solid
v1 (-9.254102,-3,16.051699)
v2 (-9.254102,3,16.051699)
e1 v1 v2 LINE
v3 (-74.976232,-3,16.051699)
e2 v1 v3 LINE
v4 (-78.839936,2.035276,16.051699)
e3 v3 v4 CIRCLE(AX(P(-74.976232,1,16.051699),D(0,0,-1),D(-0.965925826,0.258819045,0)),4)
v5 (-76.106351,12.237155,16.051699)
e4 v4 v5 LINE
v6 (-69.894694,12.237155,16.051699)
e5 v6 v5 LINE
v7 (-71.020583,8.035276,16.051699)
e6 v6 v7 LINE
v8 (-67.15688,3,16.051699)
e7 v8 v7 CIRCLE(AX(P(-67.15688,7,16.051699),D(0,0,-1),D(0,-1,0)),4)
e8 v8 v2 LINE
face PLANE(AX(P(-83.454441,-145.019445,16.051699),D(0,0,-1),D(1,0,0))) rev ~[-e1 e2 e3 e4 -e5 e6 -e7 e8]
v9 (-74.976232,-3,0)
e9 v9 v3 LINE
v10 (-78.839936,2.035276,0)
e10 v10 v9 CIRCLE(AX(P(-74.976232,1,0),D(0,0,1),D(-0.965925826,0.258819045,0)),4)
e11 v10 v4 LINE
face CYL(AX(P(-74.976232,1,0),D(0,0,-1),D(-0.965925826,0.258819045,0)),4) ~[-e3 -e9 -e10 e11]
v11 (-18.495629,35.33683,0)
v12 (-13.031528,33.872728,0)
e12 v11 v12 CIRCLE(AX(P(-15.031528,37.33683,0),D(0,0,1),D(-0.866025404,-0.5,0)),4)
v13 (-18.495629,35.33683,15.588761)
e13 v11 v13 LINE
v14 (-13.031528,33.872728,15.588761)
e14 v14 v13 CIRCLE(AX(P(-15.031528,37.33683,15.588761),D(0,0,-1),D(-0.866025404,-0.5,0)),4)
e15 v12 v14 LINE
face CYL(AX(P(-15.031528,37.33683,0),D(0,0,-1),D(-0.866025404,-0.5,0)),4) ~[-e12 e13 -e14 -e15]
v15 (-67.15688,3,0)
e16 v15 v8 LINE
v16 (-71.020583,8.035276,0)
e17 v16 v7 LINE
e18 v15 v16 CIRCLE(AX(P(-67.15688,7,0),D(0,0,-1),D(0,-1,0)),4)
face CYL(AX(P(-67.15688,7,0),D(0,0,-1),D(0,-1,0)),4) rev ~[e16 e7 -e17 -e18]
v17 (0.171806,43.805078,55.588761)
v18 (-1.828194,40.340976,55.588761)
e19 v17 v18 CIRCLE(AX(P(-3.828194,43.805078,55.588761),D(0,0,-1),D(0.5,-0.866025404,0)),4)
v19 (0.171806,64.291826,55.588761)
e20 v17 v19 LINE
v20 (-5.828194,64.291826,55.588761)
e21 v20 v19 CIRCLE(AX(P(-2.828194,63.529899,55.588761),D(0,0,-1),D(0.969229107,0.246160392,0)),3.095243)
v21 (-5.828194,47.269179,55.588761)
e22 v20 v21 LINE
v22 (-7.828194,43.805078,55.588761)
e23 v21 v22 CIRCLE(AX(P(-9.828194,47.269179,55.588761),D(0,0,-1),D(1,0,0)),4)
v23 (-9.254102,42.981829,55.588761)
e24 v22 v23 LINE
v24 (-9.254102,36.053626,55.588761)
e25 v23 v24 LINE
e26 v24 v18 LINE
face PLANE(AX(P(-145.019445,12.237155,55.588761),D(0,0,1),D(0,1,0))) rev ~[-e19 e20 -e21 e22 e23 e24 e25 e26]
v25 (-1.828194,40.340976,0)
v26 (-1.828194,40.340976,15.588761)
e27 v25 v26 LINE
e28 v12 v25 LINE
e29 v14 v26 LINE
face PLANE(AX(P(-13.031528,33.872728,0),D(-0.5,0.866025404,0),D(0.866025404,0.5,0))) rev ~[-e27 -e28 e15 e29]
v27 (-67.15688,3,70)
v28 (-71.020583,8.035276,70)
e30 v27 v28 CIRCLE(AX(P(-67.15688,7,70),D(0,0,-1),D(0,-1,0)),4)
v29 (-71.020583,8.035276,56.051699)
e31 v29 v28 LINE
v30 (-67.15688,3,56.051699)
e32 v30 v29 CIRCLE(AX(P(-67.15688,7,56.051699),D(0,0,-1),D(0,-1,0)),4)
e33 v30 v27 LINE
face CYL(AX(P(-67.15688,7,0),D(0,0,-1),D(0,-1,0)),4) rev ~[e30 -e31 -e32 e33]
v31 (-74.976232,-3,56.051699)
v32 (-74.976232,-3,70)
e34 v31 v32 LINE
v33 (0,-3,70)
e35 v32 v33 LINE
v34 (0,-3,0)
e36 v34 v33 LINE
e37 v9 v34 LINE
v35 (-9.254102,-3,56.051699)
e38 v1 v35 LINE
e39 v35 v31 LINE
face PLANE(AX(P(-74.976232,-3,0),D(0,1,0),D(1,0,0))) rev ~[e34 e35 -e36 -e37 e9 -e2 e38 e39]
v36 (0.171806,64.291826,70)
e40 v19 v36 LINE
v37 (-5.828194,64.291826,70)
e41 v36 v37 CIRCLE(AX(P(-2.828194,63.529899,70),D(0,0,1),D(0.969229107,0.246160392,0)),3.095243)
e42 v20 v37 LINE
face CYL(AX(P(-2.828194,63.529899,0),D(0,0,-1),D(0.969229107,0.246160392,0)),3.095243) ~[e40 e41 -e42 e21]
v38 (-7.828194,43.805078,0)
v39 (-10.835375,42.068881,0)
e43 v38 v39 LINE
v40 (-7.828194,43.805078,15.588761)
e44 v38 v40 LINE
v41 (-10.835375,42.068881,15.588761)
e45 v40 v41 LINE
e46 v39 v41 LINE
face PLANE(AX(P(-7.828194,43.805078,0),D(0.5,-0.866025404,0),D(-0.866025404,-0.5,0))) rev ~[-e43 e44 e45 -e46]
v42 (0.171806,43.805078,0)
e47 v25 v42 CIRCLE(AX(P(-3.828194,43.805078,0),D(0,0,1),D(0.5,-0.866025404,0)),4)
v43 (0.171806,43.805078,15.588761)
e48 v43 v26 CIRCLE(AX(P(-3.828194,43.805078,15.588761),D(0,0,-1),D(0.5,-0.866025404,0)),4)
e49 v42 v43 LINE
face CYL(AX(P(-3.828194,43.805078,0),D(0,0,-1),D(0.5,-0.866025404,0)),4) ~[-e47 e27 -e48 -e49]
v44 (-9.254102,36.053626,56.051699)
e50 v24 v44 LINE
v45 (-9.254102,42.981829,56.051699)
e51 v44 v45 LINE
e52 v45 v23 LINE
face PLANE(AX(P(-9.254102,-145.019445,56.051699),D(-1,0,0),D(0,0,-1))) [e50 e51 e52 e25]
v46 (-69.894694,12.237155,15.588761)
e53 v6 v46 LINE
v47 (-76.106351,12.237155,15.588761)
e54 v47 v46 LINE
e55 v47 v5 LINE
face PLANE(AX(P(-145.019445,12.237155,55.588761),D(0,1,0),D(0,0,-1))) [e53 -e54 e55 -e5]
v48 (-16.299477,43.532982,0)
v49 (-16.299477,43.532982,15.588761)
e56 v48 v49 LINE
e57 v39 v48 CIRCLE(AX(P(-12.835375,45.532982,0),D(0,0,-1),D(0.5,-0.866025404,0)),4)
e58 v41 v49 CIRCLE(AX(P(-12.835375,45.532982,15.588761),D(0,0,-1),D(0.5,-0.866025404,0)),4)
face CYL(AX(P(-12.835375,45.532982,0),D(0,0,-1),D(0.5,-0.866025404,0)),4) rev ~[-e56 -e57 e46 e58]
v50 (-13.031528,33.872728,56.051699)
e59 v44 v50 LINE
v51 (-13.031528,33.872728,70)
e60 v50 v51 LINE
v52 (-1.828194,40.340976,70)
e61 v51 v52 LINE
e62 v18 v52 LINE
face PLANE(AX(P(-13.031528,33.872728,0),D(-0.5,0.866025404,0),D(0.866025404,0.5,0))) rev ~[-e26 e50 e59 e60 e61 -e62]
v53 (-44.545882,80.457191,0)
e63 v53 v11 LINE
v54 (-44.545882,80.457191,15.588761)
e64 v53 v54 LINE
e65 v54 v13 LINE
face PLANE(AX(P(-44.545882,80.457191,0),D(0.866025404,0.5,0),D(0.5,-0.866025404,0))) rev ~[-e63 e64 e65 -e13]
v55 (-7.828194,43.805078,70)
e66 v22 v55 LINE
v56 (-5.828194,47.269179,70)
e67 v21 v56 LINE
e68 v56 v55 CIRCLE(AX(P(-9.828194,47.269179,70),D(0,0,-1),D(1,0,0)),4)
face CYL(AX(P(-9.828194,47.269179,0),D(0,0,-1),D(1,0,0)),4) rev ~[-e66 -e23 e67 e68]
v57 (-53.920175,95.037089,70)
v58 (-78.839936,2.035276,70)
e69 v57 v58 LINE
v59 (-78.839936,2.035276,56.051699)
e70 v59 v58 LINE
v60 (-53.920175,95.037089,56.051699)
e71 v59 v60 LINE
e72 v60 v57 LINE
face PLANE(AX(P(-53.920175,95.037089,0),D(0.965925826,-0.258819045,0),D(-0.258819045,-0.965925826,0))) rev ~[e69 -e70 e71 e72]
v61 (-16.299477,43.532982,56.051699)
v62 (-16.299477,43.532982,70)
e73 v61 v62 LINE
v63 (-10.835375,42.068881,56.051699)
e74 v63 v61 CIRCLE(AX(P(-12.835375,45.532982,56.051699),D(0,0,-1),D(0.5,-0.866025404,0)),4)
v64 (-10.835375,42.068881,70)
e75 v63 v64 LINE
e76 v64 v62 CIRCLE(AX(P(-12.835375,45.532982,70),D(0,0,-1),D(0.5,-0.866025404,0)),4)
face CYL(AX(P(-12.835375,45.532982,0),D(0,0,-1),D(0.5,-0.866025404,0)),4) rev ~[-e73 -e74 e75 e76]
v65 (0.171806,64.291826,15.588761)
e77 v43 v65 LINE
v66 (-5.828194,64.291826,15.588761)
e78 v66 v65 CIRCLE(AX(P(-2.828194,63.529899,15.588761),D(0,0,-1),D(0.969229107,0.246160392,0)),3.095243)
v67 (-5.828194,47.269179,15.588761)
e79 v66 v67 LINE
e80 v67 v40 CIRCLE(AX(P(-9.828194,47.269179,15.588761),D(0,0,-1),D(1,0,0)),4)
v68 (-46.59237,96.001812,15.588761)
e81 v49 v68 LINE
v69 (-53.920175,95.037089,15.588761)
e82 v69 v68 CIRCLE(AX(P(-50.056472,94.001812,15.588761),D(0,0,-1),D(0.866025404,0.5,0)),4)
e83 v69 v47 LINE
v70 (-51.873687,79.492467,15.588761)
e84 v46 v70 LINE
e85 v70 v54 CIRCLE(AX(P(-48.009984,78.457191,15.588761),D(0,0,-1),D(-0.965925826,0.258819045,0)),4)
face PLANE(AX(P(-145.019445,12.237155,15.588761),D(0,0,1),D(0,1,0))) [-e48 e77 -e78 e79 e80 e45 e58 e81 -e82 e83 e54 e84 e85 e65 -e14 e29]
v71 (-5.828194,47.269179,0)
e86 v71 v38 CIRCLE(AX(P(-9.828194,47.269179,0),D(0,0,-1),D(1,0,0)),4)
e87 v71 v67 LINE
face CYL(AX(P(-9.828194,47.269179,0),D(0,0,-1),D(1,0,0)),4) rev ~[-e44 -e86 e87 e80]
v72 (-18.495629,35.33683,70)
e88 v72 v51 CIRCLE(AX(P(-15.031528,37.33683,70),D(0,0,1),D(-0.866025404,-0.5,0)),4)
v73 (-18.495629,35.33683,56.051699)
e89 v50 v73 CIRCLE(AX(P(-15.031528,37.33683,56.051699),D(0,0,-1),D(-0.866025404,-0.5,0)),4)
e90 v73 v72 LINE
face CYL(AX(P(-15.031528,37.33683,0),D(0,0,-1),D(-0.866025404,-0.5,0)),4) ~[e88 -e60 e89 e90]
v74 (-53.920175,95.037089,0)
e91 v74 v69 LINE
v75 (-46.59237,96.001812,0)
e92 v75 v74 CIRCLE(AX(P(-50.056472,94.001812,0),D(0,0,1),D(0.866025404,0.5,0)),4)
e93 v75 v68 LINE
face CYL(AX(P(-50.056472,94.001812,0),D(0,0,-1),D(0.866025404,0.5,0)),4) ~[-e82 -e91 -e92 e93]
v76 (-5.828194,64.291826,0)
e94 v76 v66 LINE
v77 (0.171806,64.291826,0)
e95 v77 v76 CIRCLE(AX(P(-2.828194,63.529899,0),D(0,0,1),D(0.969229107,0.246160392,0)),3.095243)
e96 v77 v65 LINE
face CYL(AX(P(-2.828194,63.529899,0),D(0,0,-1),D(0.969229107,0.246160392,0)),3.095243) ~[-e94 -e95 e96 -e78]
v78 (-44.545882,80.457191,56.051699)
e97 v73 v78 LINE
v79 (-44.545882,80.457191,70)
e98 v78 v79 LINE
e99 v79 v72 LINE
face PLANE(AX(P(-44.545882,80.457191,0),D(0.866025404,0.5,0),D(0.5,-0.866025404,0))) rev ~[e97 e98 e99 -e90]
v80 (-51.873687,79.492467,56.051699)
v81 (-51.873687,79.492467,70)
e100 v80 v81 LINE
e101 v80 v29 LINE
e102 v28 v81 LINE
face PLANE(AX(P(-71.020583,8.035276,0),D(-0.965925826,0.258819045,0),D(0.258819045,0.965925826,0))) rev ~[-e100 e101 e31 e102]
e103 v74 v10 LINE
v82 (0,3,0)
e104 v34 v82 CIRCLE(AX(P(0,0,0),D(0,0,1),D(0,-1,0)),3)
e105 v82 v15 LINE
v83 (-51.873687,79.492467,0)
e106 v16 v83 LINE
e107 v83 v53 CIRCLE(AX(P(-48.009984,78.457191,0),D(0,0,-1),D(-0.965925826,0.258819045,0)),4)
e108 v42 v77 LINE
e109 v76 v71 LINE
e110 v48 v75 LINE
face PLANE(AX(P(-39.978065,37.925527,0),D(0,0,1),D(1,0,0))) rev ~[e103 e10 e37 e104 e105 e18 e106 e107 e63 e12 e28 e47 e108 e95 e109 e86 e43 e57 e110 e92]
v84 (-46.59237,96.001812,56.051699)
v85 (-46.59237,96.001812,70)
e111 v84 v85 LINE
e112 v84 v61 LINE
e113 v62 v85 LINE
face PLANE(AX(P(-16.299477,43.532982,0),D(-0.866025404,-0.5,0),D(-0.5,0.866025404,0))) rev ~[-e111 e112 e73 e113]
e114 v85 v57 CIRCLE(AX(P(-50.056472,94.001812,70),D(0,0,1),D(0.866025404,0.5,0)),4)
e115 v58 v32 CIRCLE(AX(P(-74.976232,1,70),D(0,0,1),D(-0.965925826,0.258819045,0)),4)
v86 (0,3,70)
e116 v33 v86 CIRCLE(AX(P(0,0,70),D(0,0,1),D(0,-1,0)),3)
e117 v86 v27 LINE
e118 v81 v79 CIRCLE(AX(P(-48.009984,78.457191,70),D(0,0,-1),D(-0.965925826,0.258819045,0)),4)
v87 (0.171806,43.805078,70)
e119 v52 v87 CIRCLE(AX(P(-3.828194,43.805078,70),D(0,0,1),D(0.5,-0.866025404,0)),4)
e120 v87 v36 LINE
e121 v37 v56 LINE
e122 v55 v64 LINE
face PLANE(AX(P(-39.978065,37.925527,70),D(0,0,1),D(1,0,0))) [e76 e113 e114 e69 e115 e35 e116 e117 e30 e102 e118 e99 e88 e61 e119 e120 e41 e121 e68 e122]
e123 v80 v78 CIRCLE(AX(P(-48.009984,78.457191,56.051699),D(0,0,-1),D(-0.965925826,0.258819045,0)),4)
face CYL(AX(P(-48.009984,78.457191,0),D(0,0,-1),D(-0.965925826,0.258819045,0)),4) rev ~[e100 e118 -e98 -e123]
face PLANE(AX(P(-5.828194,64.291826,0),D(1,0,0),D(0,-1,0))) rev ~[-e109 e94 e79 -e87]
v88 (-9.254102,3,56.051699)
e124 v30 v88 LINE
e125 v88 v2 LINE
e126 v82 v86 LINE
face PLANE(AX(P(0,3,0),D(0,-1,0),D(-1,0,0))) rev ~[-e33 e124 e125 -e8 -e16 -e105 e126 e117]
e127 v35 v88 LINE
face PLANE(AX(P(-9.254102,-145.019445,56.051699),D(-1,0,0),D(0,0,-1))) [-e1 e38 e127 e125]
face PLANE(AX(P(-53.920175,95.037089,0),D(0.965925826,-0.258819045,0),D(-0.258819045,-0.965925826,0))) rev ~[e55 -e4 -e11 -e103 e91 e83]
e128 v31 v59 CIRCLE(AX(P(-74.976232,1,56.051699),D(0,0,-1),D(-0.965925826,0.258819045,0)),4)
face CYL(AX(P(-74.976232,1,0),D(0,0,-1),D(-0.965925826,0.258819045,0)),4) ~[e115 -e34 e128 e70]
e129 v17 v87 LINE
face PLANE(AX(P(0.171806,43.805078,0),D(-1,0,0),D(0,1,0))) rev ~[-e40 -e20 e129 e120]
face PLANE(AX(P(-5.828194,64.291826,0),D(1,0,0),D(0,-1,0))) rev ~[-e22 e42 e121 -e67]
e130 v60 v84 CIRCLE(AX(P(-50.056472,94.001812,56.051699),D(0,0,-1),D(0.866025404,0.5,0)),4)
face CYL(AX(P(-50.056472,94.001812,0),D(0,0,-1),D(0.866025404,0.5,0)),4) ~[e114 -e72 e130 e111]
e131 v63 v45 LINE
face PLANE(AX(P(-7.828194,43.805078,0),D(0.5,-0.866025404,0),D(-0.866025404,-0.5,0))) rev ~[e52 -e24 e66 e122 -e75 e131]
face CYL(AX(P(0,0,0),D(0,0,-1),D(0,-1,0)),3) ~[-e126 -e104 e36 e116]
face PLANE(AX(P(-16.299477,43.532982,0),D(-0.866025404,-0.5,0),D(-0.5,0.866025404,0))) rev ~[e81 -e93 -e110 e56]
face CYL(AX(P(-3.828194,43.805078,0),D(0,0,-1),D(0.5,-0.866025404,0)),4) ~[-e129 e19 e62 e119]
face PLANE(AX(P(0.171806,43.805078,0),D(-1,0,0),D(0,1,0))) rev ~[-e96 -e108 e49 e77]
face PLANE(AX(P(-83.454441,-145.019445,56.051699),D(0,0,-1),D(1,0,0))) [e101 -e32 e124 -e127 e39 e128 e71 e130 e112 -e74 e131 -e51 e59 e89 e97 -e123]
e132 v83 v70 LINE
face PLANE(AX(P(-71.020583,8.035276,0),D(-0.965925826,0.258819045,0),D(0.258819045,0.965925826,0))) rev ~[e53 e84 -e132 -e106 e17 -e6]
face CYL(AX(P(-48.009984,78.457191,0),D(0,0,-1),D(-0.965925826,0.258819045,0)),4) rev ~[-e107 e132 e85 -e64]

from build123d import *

# Parameters (mm, degrees)
BOSS_EXTRUDE1_DEPTH     = 70
CUT_EXTRUDE3_DEPTH      = 145.019444896
CUT_EXTRUDE3_DEPTH_BACK = 145.019444896
SKETCH2_W               = 40
SKETCH2_H               = 90
CUT_EXTRUDE4_DEPTH      = 145.019444896
CUT_EXTRUDE4_DEPTH_BACK = 145.019444896
SKETCH3_W               = 74.200339426
SKETCH3_H               = 40


with BuildPart() as part:
    # Sketch1 → Boss-Extrude1 (new body)
    with BuildSketch(Plane.XY):
        with BuildLine():
            Line((0, 3), (-67.156880159, 3))
            ThreePointArc((-67.156880159, 3), (-70.33029352, 4.564954284), (-71.020583464, 8.03527618))
            Line((-71.020583464, 8.03527618), (-51.873686922, 79.492466883))
            ThreePointArc((-51.873686922, 79.492466883), (-48.532088385, 82.422970148), (-44.545882001, 80.457190703))
            Line((-44.545882001, 80.457190703), (-18.49562947, 35.336829768))
            ThreePointArc((-18.49562947, 35.336829768), (-16.066804035, 33.473126463), (-13.031527854, 33.872728153))
            Line((-13.031527854, 33.872728153), (-1.828193725, 40.340976128))
            ThreePointArc((-1.828193725, 40.340976128), (-0.36409211, 41.805077743), (0.171806275, 43.805077743))
            Line((0.171806275, 43.805077743), (0.171806275, 64.29182561))
            ThreePointArc((0.171806275, 64.29182561), (-2.828193725, 66.625142685), (-5.828193725, 64.29182561))
            Line((-5.828193725, 64.29182561), (-5.828193725, 47.269179358))
            ThreePointArc((-5.828193725, 47.269179358), (-6.36409211, 45.269179358), (-7.828193725, 43.805077743))
            Line((-7.828193725, 43.805077743), (-10.835375432, 42.068880575))
            ThreePointArc((-10.835375432, 42.068880575), (-13.870651612, 41.669278885), (-16.299477047, 43.53298219))
            Line((-16.299477047, 43.53298219), (-46.592370266, 96.001812354))
            ThreePointArc((-46.592370266, 96.001812354), (-50.57857665, 97.967591799), (-53.920175186, 95.037088534))
            Line((-53.920175186, 95.037088534), (-78.839935701, 2.03527618))
            ThreePointArc((-78.839935701, 2.03527618), (-78.149645757, -1.435045716), (-74.976232396, -3))
            Line((-74.976232396, -3), (0, -3))
            ThreePointArc((0, -3), (3, 0), (0, 3))
        make_face()
    extrude(amount=BOSS_EXTRUDE1_DEPTH)

    # Sketch2 → Cut-Extrude3 (cut, two sides: drawn at the far end of the back side and taken through both)
    with BuildSketch(Plane(origin=(0, 0, 0), x_dir=(0, 0, -1), z_dir=(1, 0, 0)).offset(-CUT_EXTRUDE3_DEPTH_BACK)):
        with Locations((-35.588760561, 57.237154529)):
            Rectangle(SKETCH2_W, SKETCH2_H)
    extrude(amount=CUT_EXTRUDE3_DEPTH + CUT_EXTRUDE3_DEPTH_BACK, mode=Mode.SUBTRACT)

    # Sketch3 → Cut-Extrude4 (cut, two sides: drawn at the far end of the back side and taken through both)
    with BuildSketch(Plane(origin=(0, 0, 0), x_dir=(1, 0, 0), z_dir=(0, 1, 0)).offset(-CUT_EXTRUDE4_DEPTH_BACK)):
        with Locations((-46.354271726, -36.051698815)):
            Rectangle(SKETCH3_W, SKETCH3_H)
    extrude(amount=CUT_EXTRUDE4_DEPTH + CUT_EXTRUDE4_DEPTH_BACK, mode=Mode.SUBTRACT)


solid = part.part
